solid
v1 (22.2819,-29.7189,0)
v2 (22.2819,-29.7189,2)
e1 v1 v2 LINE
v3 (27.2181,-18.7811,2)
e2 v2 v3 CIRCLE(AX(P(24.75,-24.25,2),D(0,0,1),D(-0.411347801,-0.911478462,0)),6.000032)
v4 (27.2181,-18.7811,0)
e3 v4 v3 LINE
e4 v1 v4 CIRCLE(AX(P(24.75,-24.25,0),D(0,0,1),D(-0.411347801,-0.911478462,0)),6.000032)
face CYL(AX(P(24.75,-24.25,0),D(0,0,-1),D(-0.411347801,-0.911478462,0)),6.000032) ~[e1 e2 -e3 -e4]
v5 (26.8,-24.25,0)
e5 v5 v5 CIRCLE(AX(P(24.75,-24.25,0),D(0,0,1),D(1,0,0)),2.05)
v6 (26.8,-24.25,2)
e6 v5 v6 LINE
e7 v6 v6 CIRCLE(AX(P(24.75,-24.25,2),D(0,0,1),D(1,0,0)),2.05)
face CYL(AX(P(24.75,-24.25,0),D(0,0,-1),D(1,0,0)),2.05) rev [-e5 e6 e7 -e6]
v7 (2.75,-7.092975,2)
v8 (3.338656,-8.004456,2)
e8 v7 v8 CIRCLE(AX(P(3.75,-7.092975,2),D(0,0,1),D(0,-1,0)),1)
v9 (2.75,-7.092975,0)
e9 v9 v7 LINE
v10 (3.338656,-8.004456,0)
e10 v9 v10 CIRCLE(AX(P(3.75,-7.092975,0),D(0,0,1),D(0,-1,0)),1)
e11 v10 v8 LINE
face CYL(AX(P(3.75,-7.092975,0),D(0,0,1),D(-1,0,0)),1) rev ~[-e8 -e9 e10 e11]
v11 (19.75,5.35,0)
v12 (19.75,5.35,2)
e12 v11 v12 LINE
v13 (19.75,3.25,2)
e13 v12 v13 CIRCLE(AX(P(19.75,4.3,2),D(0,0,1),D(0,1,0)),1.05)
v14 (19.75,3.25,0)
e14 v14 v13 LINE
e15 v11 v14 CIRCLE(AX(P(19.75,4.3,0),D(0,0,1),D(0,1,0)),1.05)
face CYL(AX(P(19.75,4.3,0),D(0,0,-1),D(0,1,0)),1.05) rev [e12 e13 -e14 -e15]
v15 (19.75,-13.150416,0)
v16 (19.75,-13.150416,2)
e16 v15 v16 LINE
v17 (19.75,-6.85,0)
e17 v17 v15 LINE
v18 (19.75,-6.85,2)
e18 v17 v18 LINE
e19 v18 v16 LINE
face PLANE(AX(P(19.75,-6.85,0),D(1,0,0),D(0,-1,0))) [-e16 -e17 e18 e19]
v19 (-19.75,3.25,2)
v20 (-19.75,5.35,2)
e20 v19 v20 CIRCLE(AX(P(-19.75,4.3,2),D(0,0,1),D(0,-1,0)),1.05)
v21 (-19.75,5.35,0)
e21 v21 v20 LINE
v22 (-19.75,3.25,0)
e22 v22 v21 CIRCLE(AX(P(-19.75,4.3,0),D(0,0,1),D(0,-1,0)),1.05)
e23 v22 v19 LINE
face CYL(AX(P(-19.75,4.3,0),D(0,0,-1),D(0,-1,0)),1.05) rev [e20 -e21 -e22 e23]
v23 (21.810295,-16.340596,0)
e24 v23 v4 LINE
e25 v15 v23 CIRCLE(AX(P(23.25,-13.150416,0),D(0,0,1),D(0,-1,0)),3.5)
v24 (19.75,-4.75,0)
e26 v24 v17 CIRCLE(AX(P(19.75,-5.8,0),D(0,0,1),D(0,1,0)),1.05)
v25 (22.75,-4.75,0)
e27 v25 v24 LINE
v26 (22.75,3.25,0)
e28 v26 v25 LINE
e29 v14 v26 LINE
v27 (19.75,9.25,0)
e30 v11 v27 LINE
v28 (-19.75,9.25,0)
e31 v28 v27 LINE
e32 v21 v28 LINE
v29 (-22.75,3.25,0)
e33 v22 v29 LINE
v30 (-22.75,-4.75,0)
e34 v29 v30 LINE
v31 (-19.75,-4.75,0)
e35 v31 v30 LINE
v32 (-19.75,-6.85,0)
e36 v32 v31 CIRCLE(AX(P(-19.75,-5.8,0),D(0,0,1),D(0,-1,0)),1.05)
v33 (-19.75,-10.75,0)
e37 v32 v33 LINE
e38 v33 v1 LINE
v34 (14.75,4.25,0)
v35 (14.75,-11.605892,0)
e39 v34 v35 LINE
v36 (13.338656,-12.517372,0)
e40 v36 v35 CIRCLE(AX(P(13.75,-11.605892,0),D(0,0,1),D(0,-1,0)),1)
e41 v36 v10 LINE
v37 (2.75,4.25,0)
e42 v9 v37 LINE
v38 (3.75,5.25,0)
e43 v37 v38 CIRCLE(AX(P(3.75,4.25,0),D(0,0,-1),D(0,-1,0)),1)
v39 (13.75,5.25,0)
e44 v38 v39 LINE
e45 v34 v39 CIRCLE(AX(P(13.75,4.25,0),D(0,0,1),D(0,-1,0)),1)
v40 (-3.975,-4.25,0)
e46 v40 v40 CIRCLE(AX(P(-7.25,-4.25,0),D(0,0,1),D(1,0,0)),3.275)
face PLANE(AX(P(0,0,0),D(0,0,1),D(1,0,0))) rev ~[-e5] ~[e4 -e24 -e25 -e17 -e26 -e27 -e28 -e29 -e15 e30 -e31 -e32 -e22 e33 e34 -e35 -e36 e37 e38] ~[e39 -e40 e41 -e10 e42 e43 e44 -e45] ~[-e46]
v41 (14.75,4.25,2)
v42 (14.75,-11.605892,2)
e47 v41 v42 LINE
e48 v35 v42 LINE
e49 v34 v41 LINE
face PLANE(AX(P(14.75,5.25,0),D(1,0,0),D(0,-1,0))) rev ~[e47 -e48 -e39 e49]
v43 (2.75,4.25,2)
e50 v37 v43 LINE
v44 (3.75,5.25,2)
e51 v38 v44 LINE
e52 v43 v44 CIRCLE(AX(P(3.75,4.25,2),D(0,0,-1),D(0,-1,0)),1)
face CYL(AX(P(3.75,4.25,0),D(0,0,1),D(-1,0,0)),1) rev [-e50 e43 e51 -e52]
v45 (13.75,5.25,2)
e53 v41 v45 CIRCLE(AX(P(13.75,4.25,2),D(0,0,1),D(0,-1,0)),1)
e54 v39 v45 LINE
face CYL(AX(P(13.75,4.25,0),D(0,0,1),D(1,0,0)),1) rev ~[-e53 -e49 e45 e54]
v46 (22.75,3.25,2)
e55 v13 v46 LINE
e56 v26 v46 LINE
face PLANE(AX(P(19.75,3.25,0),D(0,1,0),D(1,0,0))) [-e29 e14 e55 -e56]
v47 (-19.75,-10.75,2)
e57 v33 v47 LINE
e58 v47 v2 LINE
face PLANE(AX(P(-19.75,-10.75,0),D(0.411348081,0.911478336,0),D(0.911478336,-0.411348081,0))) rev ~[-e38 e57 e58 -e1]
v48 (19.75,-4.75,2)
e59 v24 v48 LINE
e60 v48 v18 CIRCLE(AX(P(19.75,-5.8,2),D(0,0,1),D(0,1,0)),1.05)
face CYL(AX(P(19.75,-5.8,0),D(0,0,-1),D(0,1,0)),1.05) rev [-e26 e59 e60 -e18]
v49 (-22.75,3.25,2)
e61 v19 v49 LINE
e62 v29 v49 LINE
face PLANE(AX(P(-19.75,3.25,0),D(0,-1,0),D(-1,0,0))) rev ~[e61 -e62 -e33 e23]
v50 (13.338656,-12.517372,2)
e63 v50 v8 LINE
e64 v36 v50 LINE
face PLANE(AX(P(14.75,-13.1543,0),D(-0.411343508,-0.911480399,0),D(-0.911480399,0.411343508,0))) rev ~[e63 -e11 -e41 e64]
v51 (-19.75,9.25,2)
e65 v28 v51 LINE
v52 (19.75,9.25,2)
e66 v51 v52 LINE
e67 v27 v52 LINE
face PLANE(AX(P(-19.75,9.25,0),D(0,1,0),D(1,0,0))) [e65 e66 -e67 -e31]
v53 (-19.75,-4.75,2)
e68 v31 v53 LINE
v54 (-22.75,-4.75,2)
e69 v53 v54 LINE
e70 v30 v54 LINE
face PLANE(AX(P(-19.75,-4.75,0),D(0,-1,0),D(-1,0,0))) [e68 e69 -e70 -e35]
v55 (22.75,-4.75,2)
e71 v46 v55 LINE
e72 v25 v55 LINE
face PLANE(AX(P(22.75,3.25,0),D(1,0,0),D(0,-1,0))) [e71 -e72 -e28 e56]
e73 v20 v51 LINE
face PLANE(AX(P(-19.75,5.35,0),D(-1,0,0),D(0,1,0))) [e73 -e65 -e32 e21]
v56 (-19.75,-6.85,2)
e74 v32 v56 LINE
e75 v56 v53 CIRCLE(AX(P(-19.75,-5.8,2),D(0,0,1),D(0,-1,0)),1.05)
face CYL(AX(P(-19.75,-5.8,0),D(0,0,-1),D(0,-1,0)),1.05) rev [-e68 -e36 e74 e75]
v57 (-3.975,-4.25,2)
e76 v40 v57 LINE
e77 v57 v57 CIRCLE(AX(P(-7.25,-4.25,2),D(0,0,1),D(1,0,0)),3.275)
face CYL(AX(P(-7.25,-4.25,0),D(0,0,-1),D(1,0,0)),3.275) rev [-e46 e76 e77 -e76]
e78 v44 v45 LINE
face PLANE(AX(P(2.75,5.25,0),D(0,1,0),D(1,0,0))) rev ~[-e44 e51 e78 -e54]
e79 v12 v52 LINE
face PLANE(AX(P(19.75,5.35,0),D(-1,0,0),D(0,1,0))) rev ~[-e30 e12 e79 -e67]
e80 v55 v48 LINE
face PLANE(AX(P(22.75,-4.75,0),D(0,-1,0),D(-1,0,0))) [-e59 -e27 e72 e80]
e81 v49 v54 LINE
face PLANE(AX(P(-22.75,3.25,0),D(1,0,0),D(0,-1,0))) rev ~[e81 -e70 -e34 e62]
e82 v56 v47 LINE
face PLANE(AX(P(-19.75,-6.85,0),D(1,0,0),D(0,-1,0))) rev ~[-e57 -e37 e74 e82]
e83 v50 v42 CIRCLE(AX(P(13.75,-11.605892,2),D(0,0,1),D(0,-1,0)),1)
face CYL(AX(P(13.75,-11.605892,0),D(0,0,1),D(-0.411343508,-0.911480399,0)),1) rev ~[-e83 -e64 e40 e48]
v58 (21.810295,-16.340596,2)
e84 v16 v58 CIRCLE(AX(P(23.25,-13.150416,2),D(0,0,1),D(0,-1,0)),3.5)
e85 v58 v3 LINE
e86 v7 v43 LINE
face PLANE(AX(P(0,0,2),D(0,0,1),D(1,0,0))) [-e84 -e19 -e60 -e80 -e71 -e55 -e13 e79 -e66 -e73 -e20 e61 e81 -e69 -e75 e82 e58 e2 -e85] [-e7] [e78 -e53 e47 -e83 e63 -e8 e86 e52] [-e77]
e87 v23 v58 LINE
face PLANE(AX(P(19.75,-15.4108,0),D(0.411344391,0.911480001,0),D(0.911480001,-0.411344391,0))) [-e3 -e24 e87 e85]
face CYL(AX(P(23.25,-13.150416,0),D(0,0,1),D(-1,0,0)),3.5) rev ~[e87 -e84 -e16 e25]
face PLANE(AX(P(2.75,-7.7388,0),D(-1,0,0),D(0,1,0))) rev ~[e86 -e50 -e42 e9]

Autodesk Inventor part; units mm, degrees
ref_plane "YZ Plane" through (0, 0, 0) normal (1, 0, 0) x (0, 1, 0)
ref_plane "XZ Plane" through (0, 0, 0) normal (0, 1, 0) x (-1, 0, 0)
ref_plane "XY Plane" through (0, 0, 0) normal (0, 0, 1) x (1, 0, 0)
sketch "スケッチ1" plane through (0, 0, 0) normal (0, 0, 1) x (1, 0, 0)
  line L0 (-19.75, 25.75) -> (19.75, 25.75) construction
  line L1 (19.75, 25.75) -> (19.75, -25.75) construction
  line L2 (19.75, -25.75) -> (-19.75, -25.75) construction
  line L3 (-19.75, -25.75) -> (-19.75, 25.75) construction
  line L4 (-19.75, 25.75) -> (19.75, -25.75) construction
  line L5 (19.75, 25.75) -> (-19.75, -25.75) construction
  circle A0 centre (24.75, -24.25) radius 2.05
  circle A1 centre (-7.25, -4.25) radius 3.275
  line L6 (0, 25.75) -> (0, -25.75) construction
  line L7 (-19.75, 3.25) -> (-22.75, 3.25)
  line L8 (-22.75, 3.25) -> (-22.75, -4.75)
  arc A2 (-19.75, 3.25) -> (-19.75, 5.35) centre (-19.75, 4.3) ccw
  line L9 (-22.75, -0.75) -> (-19.75, -0.75) construction
  line L10 (-19.75, -4.75) -> (-22.75, -4.75)
  arc A3 (-19.75, -6.85) -> (-19.75, -4.75) centre (-19.75, -5.8) ccw
  line L11 (-19.75, 5.35) -> (-19.75, 9.25)
  line L12 (-19.75, 9.25) -> (19.75, 9.25)
  arc A4 (19.75, 5.35) -> (19.75, 3.25) centre (19.75, 4.3) ccw
  arc A5 (19.75, -4.75) -> (19.75, -6.85) centre (19.75, -5.8) ccw
  line L13 (19.75, 5.35) -> (19.75, 9.25)
  arc A6 (22.2819, -29.7189) -> (27.2181, -18.7811) centre (24.75, -24.25) ccw
  line L14 (-19.75, -6.85) -> (-19.75, -10.75)
  line L15 (-19.75, -10.75) -> (22.2819, -29.7189)
  line L16 (19.75, -6.85) -> (19.75, -15.4108)
  line L17 (19.75, -15.4108) -> (27.2181, -18.7811)
  circle A7 centre (-7.25, -4.25) radius 6 construction
  circle A8 centre (24.75, -24.25) radius 6 construction
  line L18 (2.75, 5.25) -> (14.75, 5.25)
  line L19 (14.75, 5.25) -> (14.75, -13.1543)
  line L20 (14.75, -13.1543) -> (2.75, -7.7388)
  line L21 (2.75, -7.7388) -> (2.75, 5.25)
  line L22 (19.75, 3.25) -> (22.75, 3.25)
  line L23 (22.75, 3.25) -> (22.75, -4.75)
  line L24 (22.75, -4.75) -> (19.75, -4.75)
  point P0 (0, 0)
  dimension "d0" = 39.5
  dimension "d1" = 51.5
  dimension "d2" = 4.1
  dimension "d3" = 6.55
  dimension "d4" = 32
  dimension "d5" = 20
  dimension "d6" = 3
  dimension "d7" = 1.05
  dimension "d8" = 8
  dimension "d9" = 26.5
  dimension "d11" = 30
  dimension "d12" = 12.5
  dimension "d13" = 6
  dimension "d14" = 12
  dimension "d19" = 12
  dimension "d21" = 4
  dimension "d22" = 5
  dimension "d24" = 4
  dimension "d26" = 3
extrude "押し出し1" add sketch "スケッチ1" along normal blind 2
fillet "フィレット1" radius 3.5 1 edges at (19.75, -15.4108, 1)
fillet "フィレット2" radius 1 4 edges at (2.75, 5.25, 1) (14.75, 5.25, 1) (2.75, -7.7388, 1) (14.75, -13.1543, 1)
equation "\"d24\" = d21"
properties part number "Leg_joint_pitch_frame" material "アルミニウム 2014-T4"
